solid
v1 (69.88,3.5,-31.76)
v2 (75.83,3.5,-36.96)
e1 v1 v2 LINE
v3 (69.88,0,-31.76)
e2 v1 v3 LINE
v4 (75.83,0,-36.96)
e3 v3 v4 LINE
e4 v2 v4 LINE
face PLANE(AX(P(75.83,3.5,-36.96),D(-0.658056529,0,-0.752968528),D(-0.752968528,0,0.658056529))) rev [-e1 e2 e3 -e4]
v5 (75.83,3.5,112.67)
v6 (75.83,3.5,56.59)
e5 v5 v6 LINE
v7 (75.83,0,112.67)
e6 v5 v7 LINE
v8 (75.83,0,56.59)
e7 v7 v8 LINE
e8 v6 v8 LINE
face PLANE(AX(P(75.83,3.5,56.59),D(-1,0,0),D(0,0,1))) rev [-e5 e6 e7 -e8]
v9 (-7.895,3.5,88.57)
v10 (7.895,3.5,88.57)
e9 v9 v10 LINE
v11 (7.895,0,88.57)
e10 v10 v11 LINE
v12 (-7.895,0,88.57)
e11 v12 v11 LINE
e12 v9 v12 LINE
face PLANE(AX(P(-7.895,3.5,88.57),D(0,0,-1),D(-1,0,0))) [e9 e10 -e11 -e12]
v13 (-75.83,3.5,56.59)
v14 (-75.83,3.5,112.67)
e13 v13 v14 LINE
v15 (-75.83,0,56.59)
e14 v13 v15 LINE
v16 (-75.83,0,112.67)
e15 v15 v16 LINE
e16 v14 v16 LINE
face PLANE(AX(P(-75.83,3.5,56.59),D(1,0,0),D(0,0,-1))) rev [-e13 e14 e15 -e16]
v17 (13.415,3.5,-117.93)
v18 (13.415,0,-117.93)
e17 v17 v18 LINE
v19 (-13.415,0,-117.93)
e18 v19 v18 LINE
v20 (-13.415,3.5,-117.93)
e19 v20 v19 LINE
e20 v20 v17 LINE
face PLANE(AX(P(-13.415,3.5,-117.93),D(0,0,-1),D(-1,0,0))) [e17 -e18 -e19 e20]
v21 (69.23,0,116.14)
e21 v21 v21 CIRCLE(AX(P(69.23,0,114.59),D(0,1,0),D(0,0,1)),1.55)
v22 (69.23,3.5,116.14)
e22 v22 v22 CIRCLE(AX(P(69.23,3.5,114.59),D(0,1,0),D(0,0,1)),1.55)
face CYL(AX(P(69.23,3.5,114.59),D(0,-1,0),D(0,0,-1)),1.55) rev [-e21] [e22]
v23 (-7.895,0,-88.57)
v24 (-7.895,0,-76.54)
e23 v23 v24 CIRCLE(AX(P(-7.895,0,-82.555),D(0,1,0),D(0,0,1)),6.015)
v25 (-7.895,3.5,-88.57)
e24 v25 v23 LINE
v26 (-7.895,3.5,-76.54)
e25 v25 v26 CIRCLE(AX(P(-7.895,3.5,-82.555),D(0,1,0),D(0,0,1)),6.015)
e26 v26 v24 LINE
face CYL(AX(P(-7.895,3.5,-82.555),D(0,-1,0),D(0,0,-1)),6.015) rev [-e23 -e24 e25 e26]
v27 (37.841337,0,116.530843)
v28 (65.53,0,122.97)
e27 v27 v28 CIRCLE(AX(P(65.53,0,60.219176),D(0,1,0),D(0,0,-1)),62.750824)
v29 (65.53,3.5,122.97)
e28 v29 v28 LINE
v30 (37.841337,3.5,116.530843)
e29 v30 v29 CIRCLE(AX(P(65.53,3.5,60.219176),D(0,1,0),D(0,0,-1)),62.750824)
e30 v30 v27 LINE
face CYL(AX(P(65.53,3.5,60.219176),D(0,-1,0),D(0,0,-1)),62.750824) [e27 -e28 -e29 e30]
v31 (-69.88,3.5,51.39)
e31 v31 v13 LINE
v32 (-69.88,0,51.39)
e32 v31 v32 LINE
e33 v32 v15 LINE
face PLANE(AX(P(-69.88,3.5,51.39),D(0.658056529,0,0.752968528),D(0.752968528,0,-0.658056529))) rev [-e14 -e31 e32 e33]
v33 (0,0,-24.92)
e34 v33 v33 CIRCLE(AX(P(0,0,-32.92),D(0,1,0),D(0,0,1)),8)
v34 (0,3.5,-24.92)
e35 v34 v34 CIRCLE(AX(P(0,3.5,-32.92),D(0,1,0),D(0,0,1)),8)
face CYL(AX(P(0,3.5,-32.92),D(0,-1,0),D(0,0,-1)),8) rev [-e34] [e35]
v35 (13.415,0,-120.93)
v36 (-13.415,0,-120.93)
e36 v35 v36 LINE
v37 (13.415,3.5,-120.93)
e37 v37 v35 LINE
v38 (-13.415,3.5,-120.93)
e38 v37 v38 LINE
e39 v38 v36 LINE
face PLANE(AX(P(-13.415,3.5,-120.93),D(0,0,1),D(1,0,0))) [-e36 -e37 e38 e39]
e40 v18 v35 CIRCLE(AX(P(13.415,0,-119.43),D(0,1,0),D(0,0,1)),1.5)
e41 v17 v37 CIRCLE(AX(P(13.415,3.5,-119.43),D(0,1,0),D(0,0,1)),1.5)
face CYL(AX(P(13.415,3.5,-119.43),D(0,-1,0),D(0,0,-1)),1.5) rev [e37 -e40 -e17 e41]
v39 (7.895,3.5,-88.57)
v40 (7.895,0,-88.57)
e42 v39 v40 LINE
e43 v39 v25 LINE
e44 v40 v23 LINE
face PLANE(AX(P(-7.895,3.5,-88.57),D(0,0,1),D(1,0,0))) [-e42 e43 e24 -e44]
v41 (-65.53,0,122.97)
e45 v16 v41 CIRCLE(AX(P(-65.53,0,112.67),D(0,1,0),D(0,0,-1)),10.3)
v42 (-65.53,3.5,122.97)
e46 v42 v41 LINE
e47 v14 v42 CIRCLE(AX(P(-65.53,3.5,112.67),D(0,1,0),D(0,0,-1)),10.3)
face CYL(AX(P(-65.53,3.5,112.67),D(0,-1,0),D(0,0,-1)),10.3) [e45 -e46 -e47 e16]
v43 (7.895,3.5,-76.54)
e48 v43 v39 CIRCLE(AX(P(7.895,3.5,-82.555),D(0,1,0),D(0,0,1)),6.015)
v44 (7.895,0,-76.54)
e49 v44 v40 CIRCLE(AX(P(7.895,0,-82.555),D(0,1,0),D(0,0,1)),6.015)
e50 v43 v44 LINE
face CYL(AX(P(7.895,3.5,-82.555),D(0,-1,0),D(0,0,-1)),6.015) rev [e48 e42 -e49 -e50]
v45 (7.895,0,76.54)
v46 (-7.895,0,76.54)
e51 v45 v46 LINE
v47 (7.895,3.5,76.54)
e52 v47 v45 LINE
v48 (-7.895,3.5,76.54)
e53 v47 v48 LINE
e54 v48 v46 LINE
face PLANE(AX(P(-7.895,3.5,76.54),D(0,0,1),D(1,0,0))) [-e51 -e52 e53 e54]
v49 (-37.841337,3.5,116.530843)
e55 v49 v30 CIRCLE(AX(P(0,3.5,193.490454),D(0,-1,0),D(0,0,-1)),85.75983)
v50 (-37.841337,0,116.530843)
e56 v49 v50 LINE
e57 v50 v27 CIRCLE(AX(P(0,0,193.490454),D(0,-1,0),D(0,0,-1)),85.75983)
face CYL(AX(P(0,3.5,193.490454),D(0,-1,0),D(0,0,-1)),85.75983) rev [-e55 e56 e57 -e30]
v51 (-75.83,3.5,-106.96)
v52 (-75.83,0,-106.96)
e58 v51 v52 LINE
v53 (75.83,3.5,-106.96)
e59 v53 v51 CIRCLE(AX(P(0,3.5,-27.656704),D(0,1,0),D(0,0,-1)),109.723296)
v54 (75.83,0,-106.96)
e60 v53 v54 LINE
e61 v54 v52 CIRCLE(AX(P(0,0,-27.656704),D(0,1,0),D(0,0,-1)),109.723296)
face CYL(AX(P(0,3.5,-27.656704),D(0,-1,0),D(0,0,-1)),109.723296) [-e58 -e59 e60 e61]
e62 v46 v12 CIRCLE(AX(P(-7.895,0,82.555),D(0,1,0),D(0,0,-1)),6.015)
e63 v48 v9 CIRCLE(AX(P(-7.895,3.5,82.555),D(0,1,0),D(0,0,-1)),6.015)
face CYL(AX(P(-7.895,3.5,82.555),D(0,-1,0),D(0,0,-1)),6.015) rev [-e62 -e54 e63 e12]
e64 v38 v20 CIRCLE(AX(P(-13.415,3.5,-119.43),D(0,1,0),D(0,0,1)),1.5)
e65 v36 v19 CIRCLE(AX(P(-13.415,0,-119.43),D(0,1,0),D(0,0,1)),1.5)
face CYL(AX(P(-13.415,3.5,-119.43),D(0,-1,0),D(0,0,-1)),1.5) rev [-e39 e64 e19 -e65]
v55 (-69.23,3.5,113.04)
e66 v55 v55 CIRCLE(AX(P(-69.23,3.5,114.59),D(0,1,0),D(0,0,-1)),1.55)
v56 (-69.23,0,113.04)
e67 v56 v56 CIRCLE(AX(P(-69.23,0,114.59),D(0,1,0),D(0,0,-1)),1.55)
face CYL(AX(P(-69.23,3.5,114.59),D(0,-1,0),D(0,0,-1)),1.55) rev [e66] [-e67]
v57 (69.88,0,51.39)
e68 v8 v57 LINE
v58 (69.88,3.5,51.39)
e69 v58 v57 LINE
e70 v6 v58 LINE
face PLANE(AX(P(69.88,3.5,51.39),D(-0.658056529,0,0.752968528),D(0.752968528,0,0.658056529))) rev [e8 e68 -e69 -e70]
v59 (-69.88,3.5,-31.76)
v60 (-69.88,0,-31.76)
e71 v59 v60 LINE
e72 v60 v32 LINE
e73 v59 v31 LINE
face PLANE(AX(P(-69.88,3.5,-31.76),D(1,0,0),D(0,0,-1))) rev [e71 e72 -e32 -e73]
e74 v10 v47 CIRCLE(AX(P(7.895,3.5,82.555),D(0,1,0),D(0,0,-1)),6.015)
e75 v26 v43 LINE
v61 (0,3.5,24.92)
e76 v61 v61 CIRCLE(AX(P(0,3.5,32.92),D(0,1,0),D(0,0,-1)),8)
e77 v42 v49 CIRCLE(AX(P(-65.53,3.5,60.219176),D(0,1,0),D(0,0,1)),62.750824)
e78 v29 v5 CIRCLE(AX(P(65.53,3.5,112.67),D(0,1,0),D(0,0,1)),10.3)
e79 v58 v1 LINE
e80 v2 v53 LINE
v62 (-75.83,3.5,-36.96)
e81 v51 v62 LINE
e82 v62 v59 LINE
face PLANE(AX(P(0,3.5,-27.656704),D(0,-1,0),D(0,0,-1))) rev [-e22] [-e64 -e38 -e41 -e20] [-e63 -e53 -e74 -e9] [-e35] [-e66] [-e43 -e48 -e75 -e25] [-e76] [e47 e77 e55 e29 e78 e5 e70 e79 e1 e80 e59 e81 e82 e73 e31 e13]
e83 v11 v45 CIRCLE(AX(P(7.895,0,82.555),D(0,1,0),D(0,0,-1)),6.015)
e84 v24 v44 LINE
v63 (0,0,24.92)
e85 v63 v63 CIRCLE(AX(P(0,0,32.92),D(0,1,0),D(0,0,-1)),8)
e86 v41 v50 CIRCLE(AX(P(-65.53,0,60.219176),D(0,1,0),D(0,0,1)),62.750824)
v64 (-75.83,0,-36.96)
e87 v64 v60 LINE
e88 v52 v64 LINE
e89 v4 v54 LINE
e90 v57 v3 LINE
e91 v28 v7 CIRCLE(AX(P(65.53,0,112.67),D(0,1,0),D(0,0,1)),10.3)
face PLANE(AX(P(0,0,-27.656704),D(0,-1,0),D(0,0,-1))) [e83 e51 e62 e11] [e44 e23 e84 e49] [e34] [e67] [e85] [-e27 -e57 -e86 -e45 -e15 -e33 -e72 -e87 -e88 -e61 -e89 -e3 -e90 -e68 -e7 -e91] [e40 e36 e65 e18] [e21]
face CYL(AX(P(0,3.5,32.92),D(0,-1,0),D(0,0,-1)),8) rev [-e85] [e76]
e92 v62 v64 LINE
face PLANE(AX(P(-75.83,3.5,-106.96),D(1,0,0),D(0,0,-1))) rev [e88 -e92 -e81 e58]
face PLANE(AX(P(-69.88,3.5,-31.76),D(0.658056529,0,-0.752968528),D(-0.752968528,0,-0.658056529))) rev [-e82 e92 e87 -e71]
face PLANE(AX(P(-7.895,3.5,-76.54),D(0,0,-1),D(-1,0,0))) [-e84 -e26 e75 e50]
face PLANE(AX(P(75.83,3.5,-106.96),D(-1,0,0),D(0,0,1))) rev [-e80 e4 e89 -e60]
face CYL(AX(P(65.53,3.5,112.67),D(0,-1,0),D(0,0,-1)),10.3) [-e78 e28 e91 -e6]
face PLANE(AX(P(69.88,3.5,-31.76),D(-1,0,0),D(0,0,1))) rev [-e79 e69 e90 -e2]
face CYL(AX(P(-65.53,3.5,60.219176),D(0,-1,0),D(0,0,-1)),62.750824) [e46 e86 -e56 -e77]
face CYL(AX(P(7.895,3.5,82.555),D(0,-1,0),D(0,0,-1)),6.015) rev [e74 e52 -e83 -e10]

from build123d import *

# Parameters (mm, degrees)
CROQUIS1_R              = 8
CROQUIS1_R_2            = 1.55
SALIENTE_EXTRUIR1_DEPTH = 3.5


with BuildPart() as part:
    # Croquis1 → Saliente-Extruir1 (new body)
    with BuildSketch(Plane(origin=(0, 0, 0), x_dir=(1, 0, 0), z_dir=(0, 1, 0))):
        with BuildLine():
            Line((-75.83, 106.96), (-75.83, 36.96))
            Line((-75.83, 36.96), (-69.88, 31.76))
            Line((-69.88, 31.76), (-69.88, -51.39))
            Line((-69.88, -51.39), (-75.83, -56.59))
            Line((-75.83, -56.59), (-75.83, -112.67))
            ThreePointArc((-75.83, -112.67), (-72.813199846, -119.953199846), (-65.53, -122.97))
            ThreePointArc((-65.53, -122.97), (-51.316231926, -121.339014909), (-37.841336827, -116.530842982))
            ThreePointArc((-37.841336827, -116.530842982), (0, -107.730623626), (37.841336827, -116.530842982))
            ThreePointArc((37.841336827, -116.530842982), (51.316231926, -121.339014909), (65.53, -122.97))
            ThreePointArc((65.53, -122.97), (72.813199846, -119.953199846), (75.83, -112.67))
            Line((75.83, -112.67), (75.83, -56.59))
            Line((75.83, -56.59), (69.88, -51.39))
            Line((69.88, -51.39), (69.88, 31.76))
            Line((69.88, 31.76), (75.83, 36.96))
            Line((75.83, 36.96), (75.83, 106.96))
            ThreePointArc((75.83, 106.96), (0, 137.38), (-75.83, 106.96))
        make_face()
        with Locations(Location((0, 32.92, 0), (0, 0, 270))):
            Circle(CROQUIS1_R, mode=Mode.SUBTRACT)
        with Locations(Location((69.23, -114.59, 0), (0, 0, 270))):
            Circle(CROQUIS1_R_2, mode=Mode.SUBTRACT)
        with Locations(Location((0, -32.92, 0), (0, 0, 90))):
            Circle(CROQUIS1_R, mode=Mode.SUBTRACT)
        with Locations(Location((-69.23, -114.59, 0), (0, 0, 90))):
            Circle(CROQUIS1_R_2, mode=Mode.SUBTRACT)
        with BuildLine():
            Line((-7.895, -88.57), (7.895, -88.57))
            ThreePointArc((7.895, -88.57), (13.91, -82.555), (7.895, -76.54))
            Line((7.895, -76.54), (-7.895, -76.54))
            ThreePointArc((-7.895, -76.54), (-13.91, -82.555), (-7.895, -88.57))
        make_face(mode=Mode.SUBTRACT)
        with BuildLine():
            Line((-7.895, 88.57), (7.895, 88.57))
            ThreePointArc((7.895, 88.57), (13.91, 82.555), (7.895, 76.54))
            Line((7.895, 76.54), (-7.895, 76.54))
            ThreePointArc((-7.895, 76.54), (-13.91, 82.555), (-7.895, 88.57))
        make_face(mode=Mode.SUBTRACT)
        with BuildLine():
            Line((-13.415, 120.93), (13.415, 120.93))
            ThreePointArc((13.415, 120.93), (14.915, 119.43), (13.415, 117.93))
            Line((13.415, 117.93), (-13.415, 117.93))
            ThreePointArc((-13.415, 117.93), (-14.915, 119.43), (-13.415, 120.93))
        make_face(mode=Mode.SUBTRACT)
    extrude(amount=SALIENTE_EXTRUIR1_DEPTH)


solid = part.part
